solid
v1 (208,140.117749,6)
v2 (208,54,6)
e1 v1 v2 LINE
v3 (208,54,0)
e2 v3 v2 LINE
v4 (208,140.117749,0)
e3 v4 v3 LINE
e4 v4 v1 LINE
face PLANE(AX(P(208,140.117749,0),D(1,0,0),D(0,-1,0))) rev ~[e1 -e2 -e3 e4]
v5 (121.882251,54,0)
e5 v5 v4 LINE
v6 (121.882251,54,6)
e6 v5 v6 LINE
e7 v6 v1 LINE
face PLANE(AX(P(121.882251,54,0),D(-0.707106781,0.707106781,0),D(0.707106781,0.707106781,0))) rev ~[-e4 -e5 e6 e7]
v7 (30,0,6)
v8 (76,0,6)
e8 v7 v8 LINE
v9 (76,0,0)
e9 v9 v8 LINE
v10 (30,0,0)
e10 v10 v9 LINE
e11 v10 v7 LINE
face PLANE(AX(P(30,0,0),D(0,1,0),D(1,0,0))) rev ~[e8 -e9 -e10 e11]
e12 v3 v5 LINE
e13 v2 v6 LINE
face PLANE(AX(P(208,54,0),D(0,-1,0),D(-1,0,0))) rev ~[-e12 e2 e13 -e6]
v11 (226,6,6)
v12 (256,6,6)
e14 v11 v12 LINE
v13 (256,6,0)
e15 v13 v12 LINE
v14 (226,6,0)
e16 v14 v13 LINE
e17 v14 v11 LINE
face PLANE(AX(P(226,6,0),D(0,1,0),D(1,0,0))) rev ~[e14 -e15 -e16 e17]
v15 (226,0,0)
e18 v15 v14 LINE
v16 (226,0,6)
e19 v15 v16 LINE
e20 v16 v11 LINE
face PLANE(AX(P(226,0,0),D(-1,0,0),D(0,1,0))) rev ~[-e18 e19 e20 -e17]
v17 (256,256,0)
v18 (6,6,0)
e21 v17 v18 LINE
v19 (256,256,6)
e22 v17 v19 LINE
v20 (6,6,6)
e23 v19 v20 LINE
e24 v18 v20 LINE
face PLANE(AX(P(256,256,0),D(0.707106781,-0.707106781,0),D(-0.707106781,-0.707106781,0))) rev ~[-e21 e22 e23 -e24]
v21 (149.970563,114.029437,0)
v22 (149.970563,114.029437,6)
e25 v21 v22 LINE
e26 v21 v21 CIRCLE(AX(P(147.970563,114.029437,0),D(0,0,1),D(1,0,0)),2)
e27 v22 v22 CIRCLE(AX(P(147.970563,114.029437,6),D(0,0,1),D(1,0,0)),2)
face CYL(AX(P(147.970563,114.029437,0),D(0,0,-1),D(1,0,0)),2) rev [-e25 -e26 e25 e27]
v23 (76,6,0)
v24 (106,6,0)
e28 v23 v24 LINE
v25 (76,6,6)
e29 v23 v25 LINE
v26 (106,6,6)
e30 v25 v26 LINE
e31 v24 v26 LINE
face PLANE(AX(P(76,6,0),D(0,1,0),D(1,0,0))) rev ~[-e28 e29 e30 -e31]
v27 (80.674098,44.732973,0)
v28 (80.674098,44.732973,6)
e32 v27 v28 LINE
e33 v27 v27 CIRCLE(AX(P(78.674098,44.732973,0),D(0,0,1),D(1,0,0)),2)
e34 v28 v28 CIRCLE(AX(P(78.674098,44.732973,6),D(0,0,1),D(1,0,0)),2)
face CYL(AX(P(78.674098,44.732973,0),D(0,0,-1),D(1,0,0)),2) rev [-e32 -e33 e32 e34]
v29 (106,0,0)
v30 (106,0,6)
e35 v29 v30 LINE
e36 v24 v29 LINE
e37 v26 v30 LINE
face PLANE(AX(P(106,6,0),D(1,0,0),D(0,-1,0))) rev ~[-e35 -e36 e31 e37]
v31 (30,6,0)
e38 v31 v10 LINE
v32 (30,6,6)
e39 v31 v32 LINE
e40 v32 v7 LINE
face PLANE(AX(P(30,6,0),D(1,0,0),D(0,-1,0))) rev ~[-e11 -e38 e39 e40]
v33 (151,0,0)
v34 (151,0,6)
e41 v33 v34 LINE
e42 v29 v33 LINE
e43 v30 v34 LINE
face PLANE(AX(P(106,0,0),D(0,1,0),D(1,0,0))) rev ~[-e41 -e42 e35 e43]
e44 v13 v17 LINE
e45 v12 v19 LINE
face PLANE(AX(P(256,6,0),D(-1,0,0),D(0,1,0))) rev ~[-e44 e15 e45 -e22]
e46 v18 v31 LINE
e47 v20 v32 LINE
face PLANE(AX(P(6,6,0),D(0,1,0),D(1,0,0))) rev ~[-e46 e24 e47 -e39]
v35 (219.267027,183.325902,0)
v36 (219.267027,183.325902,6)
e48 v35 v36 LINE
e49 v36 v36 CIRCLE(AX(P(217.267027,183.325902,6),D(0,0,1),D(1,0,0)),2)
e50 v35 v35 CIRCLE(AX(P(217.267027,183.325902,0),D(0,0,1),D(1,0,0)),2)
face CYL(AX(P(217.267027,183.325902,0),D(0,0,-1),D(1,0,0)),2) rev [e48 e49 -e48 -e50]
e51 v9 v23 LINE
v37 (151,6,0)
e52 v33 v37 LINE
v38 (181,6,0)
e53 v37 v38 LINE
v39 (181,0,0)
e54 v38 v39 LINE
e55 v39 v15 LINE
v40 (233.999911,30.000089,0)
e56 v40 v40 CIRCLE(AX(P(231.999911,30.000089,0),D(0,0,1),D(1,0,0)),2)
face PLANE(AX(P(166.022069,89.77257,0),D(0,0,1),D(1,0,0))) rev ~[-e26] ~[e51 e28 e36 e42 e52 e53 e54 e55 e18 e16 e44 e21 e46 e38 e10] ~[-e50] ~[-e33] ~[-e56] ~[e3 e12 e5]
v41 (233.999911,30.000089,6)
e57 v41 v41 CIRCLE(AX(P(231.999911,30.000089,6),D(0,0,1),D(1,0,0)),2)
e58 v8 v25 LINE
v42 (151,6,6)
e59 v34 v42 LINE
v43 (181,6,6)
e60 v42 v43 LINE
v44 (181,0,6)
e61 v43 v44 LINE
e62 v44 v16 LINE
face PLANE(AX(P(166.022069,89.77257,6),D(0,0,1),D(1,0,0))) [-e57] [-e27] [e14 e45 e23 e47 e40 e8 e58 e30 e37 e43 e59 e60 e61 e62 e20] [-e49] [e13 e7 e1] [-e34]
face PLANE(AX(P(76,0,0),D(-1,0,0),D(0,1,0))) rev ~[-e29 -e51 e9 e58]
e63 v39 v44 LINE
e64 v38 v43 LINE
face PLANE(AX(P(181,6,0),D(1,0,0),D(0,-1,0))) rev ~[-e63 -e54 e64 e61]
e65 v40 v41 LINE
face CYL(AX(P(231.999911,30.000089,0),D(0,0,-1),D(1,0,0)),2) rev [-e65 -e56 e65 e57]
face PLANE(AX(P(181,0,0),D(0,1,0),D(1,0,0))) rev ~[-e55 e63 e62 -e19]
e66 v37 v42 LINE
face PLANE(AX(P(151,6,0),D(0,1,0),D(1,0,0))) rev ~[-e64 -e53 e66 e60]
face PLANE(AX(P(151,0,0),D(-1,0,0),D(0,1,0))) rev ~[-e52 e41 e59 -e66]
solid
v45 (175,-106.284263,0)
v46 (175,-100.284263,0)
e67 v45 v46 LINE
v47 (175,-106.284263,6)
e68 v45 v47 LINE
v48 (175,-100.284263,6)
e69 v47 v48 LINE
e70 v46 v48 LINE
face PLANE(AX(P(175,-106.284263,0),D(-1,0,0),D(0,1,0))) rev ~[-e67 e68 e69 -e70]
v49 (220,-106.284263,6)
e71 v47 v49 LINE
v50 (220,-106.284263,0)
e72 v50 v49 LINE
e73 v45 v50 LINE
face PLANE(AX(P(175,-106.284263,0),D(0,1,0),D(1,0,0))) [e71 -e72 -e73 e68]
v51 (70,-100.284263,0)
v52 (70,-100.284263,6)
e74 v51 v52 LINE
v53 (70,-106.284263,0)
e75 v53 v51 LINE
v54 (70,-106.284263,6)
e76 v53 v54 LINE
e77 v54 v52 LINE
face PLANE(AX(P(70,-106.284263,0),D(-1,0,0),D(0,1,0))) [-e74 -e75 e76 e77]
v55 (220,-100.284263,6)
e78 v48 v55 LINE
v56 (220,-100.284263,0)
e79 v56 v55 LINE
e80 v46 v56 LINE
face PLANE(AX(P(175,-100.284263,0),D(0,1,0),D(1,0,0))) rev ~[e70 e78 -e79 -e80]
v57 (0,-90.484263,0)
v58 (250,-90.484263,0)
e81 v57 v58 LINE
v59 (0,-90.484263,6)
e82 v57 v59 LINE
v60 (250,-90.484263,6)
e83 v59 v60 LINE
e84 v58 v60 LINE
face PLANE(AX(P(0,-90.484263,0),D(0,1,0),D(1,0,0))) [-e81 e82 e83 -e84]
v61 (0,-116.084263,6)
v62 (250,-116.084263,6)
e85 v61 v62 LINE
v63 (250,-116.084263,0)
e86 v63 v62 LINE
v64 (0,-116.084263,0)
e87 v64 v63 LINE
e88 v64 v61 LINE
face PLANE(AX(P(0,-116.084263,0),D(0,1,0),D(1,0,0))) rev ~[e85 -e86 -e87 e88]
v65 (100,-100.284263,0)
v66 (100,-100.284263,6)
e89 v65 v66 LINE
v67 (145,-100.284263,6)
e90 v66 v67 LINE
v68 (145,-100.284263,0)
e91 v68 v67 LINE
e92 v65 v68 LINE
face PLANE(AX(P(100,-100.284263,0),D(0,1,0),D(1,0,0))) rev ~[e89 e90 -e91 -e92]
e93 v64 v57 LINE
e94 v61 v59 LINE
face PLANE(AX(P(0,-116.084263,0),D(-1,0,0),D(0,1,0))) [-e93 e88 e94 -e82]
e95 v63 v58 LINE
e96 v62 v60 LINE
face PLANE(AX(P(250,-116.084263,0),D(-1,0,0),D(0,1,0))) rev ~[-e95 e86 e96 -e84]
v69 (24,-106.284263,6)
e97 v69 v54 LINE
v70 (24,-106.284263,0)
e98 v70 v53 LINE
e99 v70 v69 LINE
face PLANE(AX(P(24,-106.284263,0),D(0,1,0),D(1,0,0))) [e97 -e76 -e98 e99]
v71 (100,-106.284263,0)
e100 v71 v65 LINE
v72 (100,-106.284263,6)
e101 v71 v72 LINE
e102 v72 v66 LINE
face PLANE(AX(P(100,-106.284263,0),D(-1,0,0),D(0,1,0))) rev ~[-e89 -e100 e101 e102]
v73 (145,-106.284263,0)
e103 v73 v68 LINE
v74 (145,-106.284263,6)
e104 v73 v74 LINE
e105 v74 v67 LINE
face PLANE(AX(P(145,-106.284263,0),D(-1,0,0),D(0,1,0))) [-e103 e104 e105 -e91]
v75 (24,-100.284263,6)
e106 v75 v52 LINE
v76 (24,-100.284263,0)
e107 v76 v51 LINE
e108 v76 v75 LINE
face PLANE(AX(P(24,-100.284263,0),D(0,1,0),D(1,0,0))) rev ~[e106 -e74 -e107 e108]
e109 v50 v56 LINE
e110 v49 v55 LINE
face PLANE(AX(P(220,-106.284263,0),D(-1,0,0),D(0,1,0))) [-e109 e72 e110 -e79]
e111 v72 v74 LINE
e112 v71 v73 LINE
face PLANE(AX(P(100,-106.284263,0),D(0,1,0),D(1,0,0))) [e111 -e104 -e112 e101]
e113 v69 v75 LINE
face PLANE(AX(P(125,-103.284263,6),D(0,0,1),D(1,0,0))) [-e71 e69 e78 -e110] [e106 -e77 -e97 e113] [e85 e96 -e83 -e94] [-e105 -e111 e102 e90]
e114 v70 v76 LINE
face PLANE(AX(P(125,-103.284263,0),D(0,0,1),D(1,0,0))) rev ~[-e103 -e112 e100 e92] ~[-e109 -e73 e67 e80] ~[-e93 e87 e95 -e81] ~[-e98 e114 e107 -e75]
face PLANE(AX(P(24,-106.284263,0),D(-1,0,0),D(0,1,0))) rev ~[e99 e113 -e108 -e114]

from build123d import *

# Parameters (mm, degrees)
F0_R     = 2
F1_DEPTH = 6
F0_W     = 250
F0_H     = 25.6
F0_W_2   = 46
F0_H_2   = 6
F0_W_3   = 45
F2_DEPTH = 6


with BuildPart() as f1:
    # F0 (on Top) → F1 (new body)
    with BuildSketch(Plane.XY):
        Polygon((30, 6), (30, 0), (76, 0), (76, 6), (106, 6), (106, 0), (151, 0), (151, 6), (181, 6), (181, 0), (226, 0), (226, 6), (256, 6), (256, 256), (6, 6), align=None)
        with Locations((78.674098, 44.732973)):
            Circle(F0_R, mode=Mode.SUBTRACT)
        with Locations((231.999911, 30.000089)):
            Circle(F0_R, mode=Mode.SUBTRACT)
        with Locations((147.970563, 114.029437)):
            Circle(F0_R, mode=Mode.SUBTRACT)
        Polygon((121.882251, 54), (208, 140.117749), (208, 54), align=None, mode=Mode.SUBTRACT)
        with Locations((217.267027, 183.325902)):
            Circle(F0_R, mode=Mode.SUBTRACT)
    extrude(amount=F1_DEPTH)


with BuildPart() as f2:
    # F0 (on Top) → F2 (new body)
    with BuildSketch(Plane.XY):
        with Locations((125, -103.284263)):
            Rectangle(F0_W, F0_H)
        with Locations((47, -103.284263)):
            Rectangle(F0_W_2, F0_H_2, mode=Mode.SUBTRACT)
        with Locations((122.5, -103.284263)):
            Rectangle(F0_W_3, F0_H_2, mode=Mode.SUBTRACT)
        with Locations((197.5, -103.284263)):
            Rectangle(F0_W_3, F0_H_2, mode=Mode.SUBTRACT)
    extrude(amount=F2_DEPTH)


solid = Compound([f1.part, f2.part])
